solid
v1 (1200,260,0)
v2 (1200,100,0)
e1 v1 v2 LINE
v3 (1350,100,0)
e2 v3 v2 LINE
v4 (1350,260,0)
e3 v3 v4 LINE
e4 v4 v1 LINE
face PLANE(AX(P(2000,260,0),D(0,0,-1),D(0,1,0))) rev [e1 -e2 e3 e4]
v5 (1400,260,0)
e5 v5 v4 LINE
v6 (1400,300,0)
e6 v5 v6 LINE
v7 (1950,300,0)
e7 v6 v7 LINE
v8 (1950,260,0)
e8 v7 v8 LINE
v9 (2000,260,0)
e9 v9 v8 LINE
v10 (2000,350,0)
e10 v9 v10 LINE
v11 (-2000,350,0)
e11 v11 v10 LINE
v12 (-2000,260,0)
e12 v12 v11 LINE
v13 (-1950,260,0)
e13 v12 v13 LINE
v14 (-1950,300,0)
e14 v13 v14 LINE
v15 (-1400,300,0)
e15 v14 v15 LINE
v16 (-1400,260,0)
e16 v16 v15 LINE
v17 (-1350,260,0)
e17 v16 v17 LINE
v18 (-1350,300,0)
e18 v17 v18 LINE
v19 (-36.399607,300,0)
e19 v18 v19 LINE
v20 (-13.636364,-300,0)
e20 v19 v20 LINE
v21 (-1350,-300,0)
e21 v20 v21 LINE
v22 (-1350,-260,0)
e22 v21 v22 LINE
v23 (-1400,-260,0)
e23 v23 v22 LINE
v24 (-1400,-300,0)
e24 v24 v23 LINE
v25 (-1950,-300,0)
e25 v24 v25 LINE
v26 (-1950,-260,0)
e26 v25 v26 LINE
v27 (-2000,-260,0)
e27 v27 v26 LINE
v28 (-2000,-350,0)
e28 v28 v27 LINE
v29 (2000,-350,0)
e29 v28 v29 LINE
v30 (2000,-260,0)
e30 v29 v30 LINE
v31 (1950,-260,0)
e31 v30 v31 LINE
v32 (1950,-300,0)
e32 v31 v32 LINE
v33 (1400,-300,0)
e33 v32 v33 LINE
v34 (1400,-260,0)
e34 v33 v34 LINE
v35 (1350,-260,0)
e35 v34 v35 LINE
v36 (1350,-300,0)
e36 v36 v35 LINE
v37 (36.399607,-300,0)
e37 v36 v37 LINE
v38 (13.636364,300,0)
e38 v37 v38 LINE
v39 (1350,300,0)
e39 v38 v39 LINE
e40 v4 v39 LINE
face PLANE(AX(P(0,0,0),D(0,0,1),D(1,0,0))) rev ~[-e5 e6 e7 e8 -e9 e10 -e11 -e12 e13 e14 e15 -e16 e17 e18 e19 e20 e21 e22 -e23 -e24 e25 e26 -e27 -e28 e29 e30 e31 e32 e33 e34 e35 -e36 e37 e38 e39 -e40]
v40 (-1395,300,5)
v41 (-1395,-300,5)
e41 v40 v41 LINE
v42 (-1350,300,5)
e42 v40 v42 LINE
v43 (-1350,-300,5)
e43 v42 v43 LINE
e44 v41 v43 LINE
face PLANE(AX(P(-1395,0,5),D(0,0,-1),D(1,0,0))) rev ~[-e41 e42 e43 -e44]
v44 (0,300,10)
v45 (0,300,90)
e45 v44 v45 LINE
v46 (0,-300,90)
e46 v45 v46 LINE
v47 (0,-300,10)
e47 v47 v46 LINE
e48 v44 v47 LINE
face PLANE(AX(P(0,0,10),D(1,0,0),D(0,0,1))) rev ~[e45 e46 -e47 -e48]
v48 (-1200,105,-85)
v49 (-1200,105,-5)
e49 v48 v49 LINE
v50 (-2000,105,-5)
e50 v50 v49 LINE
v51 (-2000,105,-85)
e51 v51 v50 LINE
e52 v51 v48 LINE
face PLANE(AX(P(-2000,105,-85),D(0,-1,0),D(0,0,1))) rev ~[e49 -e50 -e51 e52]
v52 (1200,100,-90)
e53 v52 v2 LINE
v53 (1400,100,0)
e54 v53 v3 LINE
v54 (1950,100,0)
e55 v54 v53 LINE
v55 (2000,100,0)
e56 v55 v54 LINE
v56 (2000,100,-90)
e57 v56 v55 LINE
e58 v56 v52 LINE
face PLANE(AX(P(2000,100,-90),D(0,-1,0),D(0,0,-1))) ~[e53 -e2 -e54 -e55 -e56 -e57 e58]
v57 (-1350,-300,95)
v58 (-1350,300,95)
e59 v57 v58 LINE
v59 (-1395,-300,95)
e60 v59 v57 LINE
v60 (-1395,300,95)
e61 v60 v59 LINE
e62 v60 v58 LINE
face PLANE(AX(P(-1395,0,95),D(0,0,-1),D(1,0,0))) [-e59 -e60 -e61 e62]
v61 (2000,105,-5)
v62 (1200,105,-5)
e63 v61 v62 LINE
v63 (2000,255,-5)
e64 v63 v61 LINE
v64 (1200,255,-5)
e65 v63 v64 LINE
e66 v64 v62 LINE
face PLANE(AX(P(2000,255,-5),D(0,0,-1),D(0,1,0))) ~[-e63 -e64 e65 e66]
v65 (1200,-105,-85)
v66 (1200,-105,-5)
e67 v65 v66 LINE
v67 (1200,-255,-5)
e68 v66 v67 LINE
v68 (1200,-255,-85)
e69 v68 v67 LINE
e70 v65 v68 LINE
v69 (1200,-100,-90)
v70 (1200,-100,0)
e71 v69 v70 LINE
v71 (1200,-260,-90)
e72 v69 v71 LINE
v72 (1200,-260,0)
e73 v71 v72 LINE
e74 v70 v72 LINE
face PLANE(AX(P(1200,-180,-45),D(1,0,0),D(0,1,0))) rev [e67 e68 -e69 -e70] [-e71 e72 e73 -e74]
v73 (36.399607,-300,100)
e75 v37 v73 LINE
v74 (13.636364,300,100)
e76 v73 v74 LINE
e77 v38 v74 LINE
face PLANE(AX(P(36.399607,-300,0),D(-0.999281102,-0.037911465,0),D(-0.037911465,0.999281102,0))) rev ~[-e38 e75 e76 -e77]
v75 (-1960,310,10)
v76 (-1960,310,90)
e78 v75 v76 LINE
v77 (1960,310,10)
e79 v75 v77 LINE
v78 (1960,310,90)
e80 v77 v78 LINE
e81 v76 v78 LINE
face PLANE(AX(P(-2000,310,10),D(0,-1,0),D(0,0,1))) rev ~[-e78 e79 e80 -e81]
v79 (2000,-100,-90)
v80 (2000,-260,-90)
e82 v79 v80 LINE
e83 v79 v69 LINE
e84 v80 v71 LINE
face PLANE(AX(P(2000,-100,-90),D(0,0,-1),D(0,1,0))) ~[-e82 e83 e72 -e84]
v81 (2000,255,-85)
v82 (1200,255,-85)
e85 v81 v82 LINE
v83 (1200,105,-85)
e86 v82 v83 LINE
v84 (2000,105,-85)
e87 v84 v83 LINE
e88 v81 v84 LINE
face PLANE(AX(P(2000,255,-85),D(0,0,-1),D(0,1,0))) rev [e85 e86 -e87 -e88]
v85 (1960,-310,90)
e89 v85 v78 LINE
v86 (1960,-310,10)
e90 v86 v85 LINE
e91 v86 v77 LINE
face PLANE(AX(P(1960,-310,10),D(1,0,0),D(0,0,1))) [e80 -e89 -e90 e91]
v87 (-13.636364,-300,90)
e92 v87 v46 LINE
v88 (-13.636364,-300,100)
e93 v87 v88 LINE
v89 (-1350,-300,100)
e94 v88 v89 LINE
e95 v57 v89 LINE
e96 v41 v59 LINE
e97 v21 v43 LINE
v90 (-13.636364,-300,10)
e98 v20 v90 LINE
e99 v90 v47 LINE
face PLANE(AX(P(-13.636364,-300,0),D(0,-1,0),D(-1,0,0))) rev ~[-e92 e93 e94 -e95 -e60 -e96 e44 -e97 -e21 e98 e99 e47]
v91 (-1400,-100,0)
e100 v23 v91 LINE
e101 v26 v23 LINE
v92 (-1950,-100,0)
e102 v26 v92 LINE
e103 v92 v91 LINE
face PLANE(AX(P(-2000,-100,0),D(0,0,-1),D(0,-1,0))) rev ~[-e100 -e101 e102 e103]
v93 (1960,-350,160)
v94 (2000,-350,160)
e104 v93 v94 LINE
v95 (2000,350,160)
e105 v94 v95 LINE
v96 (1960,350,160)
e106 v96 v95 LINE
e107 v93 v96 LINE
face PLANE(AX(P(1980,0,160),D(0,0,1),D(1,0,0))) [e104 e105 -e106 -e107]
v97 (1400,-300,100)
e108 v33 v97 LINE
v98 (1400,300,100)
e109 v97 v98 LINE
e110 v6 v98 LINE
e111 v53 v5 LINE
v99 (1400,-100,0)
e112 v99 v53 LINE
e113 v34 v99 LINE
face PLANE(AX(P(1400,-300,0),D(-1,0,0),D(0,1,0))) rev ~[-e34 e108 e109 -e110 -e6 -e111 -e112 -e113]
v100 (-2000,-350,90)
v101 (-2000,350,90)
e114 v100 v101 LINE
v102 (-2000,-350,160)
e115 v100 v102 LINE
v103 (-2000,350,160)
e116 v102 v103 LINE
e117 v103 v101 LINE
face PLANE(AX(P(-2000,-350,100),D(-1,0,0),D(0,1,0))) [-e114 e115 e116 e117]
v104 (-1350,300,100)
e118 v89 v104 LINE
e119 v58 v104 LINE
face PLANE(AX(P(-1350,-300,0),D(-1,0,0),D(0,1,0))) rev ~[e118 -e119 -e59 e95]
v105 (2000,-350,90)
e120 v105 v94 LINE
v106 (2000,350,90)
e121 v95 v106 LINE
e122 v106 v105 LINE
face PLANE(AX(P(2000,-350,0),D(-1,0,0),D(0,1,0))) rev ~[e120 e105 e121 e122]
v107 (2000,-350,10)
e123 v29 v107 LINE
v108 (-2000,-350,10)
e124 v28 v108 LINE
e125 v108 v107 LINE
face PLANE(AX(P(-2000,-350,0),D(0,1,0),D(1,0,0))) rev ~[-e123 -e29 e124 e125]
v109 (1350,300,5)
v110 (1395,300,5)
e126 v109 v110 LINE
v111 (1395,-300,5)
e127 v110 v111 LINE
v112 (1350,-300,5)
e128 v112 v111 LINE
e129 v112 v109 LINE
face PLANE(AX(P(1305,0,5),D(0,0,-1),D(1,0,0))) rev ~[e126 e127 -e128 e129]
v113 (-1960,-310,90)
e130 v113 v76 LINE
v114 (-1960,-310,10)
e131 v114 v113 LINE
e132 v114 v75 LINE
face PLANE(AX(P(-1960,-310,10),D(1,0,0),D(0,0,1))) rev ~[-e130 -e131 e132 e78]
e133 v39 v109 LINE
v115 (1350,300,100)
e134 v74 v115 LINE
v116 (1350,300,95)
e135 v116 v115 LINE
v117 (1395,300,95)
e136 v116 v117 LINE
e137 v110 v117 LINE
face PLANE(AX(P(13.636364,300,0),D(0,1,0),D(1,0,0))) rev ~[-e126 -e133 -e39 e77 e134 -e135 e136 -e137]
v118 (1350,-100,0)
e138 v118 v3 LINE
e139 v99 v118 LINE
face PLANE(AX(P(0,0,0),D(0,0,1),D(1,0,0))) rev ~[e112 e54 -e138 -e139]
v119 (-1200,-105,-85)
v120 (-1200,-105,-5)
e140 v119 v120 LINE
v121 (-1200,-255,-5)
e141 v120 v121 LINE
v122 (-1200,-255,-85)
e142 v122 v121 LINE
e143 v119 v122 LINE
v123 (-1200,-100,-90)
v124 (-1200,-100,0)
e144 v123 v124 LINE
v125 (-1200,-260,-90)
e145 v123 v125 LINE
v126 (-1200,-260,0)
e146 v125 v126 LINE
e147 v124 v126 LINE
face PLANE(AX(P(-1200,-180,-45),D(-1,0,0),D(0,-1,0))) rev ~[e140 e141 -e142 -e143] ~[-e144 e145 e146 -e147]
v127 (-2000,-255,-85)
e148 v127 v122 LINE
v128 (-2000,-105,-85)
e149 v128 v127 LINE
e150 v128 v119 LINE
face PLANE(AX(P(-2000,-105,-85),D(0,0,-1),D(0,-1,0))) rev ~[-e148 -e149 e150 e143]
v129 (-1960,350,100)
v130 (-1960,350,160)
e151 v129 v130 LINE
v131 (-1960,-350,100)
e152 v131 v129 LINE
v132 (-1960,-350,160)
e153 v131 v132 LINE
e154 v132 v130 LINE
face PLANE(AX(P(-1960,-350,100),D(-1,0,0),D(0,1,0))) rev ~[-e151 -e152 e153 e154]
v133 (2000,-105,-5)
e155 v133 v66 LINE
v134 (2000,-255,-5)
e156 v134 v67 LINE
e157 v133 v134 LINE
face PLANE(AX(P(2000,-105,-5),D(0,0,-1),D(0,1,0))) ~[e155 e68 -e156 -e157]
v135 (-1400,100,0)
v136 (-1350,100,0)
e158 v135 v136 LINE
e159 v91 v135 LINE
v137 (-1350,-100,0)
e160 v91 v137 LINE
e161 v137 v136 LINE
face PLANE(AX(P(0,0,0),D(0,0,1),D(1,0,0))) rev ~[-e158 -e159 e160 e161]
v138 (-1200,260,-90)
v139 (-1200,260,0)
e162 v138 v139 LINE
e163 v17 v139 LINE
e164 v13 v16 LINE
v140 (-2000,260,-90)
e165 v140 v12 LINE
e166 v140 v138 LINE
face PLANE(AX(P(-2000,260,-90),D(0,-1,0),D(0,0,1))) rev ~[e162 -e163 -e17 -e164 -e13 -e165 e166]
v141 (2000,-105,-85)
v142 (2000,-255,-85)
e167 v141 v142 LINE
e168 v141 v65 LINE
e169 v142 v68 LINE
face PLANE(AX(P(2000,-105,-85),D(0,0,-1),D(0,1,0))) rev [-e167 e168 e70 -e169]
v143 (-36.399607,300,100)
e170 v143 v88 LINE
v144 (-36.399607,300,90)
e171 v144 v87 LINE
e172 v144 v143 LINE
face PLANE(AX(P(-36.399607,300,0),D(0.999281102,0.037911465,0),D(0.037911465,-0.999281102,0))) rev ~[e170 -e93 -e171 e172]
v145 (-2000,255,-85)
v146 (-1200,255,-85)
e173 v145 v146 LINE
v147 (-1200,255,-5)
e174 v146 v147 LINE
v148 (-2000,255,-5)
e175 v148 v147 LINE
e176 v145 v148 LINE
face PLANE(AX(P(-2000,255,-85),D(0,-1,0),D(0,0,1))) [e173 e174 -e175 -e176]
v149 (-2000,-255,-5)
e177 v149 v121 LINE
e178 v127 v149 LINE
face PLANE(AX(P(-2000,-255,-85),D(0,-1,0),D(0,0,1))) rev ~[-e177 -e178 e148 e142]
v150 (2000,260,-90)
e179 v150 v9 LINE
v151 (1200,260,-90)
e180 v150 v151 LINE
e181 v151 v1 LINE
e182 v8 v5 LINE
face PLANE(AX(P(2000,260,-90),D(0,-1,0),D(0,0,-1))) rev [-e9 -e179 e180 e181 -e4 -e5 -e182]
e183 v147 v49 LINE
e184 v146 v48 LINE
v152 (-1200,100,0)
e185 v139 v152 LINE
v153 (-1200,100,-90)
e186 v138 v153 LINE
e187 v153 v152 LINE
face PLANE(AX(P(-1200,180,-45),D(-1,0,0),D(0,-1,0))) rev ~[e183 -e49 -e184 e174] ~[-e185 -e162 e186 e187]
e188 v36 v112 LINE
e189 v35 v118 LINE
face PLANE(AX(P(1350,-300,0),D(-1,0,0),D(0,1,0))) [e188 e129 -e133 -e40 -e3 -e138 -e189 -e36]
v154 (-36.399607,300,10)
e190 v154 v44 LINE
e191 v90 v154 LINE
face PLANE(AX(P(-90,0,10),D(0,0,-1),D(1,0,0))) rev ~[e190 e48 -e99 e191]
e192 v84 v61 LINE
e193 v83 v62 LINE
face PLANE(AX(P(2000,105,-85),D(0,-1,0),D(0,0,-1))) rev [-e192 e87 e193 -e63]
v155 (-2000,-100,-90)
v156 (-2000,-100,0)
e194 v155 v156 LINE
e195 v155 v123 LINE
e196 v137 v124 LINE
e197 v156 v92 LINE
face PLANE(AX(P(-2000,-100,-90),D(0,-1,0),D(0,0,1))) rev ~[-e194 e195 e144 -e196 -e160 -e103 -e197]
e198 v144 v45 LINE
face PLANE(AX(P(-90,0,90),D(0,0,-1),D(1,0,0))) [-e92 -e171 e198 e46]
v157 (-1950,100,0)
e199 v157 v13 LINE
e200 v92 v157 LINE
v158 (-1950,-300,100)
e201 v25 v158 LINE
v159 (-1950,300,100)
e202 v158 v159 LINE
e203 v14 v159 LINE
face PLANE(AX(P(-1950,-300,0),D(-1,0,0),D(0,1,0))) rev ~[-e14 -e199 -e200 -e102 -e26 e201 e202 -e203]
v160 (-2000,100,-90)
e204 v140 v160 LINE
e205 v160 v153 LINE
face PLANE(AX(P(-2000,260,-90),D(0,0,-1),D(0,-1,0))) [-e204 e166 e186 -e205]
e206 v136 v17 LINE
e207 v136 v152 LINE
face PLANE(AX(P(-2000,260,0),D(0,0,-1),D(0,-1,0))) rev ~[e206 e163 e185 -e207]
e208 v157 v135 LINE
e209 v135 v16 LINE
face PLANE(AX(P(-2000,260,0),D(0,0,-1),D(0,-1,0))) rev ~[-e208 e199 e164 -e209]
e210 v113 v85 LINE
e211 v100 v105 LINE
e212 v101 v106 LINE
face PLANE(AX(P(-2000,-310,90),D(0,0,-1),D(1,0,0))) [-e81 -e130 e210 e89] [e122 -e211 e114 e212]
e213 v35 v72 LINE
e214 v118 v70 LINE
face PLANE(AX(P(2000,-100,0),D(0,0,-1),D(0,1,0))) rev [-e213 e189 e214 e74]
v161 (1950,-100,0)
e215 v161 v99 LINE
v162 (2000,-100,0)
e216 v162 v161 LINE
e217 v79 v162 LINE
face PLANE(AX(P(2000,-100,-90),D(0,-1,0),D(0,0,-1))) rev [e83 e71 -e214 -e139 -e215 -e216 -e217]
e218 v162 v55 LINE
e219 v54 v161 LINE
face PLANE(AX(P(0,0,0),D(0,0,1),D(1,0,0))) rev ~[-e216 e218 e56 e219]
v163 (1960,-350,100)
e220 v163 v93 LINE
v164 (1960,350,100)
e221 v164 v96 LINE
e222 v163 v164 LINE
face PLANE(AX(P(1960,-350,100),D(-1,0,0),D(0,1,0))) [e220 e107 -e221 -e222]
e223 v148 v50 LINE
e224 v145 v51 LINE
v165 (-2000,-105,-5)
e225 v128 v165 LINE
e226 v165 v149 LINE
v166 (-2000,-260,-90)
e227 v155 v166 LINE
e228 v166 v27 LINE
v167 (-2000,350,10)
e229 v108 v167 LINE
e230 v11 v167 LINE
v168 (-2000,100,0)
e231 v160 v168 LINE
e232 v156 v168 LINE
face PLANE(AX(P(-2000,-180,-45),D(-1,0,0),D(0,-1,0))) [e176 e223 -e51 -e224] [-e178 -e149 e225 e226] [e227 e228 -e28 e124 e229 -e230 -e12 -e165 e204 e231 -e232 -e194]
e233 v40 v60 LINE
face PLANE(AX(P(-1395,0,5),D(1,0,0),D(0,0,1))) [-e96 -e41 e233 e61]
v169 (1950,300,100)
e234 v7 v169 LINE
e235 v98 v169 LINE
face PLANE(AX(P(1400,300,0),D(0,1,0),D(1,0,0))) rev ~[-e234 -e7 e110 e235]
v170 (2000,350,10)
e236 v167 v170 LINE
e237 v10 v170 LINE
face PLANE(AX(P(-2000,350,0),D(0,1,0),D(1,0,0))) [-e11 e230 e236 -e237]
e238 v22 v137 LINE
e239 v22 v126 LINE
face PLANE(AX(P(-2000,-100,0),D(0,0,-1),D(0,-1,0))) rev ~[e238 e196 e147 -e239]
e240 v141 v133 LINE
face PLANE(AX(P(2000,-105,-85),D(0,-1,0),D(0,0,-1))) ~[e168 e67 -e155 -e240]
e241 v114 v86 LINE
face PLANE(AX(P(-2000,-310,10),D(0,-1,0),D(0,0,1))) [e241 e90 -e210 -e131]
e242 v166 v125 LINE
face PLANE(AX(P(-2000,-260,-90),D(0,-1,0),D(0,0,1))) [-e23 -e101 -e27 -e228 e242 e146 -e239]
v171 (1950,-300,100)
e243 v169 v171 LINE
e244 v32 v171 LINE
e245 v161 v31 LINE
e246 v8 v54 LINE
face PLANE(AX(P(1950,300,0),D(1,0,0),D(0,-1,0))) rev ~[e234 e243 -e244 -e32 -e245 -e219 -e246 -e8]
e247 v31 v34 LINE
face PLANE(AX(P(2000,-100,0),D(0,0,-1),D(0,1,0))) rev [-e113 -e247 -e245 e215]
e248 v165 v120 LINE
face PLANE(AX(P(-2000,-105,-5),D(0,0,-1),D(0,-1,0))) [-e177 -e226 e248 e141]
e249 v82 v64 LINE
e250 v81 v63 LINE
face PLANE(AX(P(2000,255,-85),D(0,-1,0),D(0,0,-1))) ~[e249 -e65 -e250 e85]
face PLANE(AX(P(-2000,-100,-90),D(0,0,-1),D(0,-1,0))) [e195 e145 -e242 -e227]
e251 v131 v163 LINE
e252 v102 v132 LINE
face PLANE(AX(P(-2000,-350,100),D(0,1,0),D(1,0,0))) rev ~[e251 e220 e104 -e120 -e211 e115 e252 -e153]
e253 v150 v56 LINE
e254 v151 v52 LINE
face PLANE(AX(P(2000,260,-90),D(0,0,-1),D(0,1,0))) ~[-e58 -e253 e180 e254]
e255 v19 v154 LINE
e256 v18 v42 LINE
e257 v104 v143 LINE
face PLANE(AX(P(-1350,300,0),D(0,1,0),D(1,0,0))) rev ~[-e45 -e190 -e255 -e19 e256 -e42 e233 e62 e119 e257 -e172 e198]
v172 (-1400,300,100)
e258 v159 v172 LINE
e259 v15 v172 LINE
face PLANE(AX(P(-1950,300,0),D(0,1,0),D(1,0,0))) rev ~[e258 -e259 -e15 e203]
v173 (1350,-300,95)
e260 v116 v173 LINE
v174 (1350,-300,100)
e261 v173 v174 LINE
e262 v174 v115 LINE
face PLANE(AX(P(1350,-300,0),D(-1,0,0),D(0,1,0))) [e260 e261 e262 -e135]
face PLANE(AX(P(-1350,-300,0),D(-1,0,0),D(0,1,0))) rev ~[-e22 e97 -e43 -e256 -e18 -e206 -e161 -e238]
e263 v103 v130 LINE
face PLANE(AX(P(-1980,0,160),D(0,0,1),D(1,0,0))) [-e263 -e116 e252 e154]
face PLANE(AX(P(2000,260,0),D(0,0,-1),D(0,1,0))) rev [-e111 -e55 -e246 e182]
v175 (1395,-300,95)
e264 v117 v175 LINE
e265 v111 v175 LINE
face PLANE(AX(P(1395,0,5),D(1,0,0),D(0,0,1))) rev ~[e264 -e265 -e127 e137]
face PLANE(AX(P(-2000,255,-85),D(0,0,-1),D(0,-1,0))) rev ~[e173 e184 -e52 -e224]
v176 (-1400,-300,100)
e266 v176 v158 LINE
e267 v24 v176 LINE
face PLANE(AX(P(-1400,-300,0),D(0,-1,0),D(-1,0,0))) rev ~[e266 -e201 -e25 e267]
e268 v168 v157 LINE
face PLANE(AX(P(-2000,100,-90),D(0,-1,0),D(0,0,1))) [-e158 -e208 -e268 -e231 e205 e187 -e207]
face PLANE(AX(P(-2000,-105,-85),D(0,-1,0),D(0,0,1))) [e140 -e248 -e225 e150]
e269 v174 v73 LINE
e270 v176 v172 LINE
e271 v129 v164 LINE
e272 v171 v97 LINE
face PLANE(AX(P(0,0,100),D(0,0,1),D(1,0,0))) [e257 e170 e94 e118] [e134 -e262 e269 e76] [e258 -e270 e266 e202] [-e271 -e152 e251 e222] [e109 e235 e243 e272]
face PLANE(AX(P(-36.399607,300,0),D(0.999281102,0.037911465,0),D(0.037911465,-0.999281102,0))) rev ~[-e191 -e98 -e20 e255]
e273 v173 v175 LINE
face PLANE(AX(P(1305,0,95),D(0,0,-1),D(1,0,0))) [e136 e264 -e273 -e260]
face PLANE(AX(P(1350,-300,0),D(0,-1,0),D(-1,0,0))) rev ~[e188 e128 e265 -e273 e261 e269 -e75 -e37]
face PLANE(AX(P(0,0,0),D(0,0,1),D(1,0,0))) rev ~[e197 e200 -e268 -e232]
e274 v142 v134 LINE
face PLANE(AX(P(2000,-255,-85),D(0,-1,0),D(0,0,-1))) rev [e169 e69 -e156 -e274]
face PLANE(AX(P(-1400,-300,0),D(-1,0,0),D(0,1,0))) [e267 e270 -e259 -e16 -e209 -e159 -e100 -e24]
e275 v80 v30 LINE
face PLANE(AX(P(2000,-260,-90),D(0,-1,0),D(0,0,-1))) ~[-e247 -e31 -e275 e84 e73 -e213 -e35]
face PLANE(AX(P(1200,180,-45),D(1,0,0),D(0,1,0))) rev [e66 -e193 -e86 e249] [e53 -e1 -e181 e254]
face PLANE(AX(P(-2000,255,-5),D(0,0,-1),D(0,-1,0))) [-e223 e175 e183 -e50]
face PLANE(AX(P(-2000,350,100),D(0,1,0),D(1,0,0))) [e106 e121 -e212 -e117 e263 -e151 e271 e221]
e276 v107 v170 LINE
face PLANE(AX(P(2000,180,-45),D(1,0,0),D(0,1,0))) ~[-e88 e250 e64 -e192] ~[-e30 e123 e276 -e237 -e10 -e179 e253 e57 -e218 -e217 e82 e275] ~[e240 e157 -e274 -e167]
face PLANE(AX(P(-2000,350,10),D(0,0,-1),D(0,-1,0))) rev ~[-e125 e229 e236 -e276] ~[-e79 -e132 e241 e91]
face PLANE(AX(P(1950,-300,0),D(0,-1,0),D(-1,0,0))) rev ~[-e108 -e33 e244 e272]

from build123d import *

# Parameters (mm, degrees)
F0_W          = 4000
F0_H          = 700
F0_W_2        = 50
F0_H_2        = 600
F1_DEPTH      = 100
F2_W          = 40
F2_H          = 80
F3_DEPTH      = 4000.001
F4_W          = 40
F4_H          = 80
F5_DEPTH      = 660.001
F6_W          = 90
F6_H          = 80
F6_H_2        = 90
F7_DEPTH      = 300
F7_DEPTH_BACK = 300
F8_W          = 40
F8_H          = 700
F9_DEPTH      = 60
F10_W         = 35
F10_H         = 55
F11_DEPTH     = 700.001
F12_W         = 160
F12_H         = 90
F12_W_2       = 150
F12_H_2       = 80
F13_DEPTH     = 800


with BuildPart() as f1:
    # F0 (on Top) → F1 (new body)
    with BuildSketch(Plane.XY):
        Rectangle(F0_W, F0_H)
        Polygon((-1950, -300), (-1950, 300), (-1400, 300), (-1350, 300), (-36.3996071229, 300), (-13.6363636364, -300), (-1350, -300), (-1400, -300), align=None, mode=Mode.SUBTRACT)
        Polygon((1400, 300), (1950, 300), (1950, -300), (1400, -300), (1350, -300), (36.3996071229, -300), (13.6363636364, 300), (1350, 300), align=None, mode=Mode.SUBTRACT)
        with Locations((-1375, 0)):
            Rectangle(F0_W_2, F0_H_2)
        with Locations((1375, 0)):
            Rectangle(F0_W_2, F0_H_2)
    extrude(amount=F1_DEPTH)

    # F2 (on face) → F3 (cut, through all)
    with BuildSketch(Plane(origin=(-2000, 0, 0), x_dir=(0, -1, 0), z_dir=(-1, 0, 0))):
        with Locations((-330, 50)):
            Rectangle(F2_W, F2_H)
        with Locations((330, 50)):
            Rectangle(F2_W, F2_H)
    extrude(amount=-F3_DEPTH, mode=Mode.SUBTRACT)

    # F4 (on face) → F5 (cut, through all)
    with BuildSketch(Plane.XZ.offset(310)):
        with Locations((1980, 50)):
            Rectangle(F4_W, F4_H)
        with Locations((-1980, 50)):
            Rectangle(F4_W, F4_H)
    extrude(amount=-F5_DEPTH, mode=Mode.SUBTRACT)

    # F6 (on Front) → F7 (cut, two sides)
    with BuildSketch(Plane.XZ) as f7_sk:
        with Locations((-45, 50)):
            Rectangle(F6_W, F6_H)
        with Locations((-1350, 50)):
            Rectangle(F6_W, F6_H_2)
        with Locations((1350, 50)):
            Rectangle(F6_W, F6_H_2)
    extrude(amount=-F7_DEPTH, mode=Mode.SUBTRACT)
    extrude(f7_sk.sketch, amount=F7_DEPTH_BACK, mode=Mode.SUBTRACT)

    # F8 (on face) → F9 (join)
    with BuildSketch(Plane.XY.offset(100)):
        with Locations((-1980, 0)):
            Rectangle(F8_W, F8_H)
        with Locations((1980, 0)):
            Rectangle(F8_W, F8_H)
    extrude(amount=F9_DEPTH)

    # F10 (on face) → F11 (cut, through all)
    with BuildSketch(Plane.XZ.offset(350)):
        with Locations((1280.4266214371, 130)):
            Rectangle(F10_W, F10_H)
        with Locations((-1280.4266214371, 130)):
            Rectangle(F10_W, F10_H)
    extrude(amount=-F11_DEPTH, mode=Mode.SUBTRACT)



with BuildPart() as f13:
    # F12 (on face) → F13 (new body)
    with BuildSketch(Plane(origin=(-2000, 0, 0), x_dir=(0, -1, 0), z_dir=(-1, 0, 0))):
        with Locations((-180, -45)):
            Rectangle(F12_W, F12_H)
        with Locations((-180, -45)):
            Rectangle(F12_W_2, F12_H_2, mode=Mode.SUBTRACT)
    extrude(amount=-F13_DEPTH)


with BuildPart() as f13b:
    # F12 (on face) → F13, piece 2 (new body)
    with BuildSketch(Plane(origin=(-2000, 0, 0), x_dir=(0, -1, 0), z_dir=(-1, 0, 0))):
        with Locations((180, -45)):
            Rectangle(F12_W, F12_H)
        with Locations((180, -45)):
            Rectangle(F12_W_2, F12_H_2, mode=Mode.SUBTRACT)
    extrude(amount=-F13_DEPTH)


with BuildPart() as f1_1:
    add(f1.part)

    add(f13.part)  # F14 merges F13

    add(f13b.part)  # F14 merges F13b
    # F14: F13b, F13 across plane
    add(f13b.part.mirror(Plane.YZ))
    add(f13.part.mirror(Plane.YZ))


solid = f1_1.part
